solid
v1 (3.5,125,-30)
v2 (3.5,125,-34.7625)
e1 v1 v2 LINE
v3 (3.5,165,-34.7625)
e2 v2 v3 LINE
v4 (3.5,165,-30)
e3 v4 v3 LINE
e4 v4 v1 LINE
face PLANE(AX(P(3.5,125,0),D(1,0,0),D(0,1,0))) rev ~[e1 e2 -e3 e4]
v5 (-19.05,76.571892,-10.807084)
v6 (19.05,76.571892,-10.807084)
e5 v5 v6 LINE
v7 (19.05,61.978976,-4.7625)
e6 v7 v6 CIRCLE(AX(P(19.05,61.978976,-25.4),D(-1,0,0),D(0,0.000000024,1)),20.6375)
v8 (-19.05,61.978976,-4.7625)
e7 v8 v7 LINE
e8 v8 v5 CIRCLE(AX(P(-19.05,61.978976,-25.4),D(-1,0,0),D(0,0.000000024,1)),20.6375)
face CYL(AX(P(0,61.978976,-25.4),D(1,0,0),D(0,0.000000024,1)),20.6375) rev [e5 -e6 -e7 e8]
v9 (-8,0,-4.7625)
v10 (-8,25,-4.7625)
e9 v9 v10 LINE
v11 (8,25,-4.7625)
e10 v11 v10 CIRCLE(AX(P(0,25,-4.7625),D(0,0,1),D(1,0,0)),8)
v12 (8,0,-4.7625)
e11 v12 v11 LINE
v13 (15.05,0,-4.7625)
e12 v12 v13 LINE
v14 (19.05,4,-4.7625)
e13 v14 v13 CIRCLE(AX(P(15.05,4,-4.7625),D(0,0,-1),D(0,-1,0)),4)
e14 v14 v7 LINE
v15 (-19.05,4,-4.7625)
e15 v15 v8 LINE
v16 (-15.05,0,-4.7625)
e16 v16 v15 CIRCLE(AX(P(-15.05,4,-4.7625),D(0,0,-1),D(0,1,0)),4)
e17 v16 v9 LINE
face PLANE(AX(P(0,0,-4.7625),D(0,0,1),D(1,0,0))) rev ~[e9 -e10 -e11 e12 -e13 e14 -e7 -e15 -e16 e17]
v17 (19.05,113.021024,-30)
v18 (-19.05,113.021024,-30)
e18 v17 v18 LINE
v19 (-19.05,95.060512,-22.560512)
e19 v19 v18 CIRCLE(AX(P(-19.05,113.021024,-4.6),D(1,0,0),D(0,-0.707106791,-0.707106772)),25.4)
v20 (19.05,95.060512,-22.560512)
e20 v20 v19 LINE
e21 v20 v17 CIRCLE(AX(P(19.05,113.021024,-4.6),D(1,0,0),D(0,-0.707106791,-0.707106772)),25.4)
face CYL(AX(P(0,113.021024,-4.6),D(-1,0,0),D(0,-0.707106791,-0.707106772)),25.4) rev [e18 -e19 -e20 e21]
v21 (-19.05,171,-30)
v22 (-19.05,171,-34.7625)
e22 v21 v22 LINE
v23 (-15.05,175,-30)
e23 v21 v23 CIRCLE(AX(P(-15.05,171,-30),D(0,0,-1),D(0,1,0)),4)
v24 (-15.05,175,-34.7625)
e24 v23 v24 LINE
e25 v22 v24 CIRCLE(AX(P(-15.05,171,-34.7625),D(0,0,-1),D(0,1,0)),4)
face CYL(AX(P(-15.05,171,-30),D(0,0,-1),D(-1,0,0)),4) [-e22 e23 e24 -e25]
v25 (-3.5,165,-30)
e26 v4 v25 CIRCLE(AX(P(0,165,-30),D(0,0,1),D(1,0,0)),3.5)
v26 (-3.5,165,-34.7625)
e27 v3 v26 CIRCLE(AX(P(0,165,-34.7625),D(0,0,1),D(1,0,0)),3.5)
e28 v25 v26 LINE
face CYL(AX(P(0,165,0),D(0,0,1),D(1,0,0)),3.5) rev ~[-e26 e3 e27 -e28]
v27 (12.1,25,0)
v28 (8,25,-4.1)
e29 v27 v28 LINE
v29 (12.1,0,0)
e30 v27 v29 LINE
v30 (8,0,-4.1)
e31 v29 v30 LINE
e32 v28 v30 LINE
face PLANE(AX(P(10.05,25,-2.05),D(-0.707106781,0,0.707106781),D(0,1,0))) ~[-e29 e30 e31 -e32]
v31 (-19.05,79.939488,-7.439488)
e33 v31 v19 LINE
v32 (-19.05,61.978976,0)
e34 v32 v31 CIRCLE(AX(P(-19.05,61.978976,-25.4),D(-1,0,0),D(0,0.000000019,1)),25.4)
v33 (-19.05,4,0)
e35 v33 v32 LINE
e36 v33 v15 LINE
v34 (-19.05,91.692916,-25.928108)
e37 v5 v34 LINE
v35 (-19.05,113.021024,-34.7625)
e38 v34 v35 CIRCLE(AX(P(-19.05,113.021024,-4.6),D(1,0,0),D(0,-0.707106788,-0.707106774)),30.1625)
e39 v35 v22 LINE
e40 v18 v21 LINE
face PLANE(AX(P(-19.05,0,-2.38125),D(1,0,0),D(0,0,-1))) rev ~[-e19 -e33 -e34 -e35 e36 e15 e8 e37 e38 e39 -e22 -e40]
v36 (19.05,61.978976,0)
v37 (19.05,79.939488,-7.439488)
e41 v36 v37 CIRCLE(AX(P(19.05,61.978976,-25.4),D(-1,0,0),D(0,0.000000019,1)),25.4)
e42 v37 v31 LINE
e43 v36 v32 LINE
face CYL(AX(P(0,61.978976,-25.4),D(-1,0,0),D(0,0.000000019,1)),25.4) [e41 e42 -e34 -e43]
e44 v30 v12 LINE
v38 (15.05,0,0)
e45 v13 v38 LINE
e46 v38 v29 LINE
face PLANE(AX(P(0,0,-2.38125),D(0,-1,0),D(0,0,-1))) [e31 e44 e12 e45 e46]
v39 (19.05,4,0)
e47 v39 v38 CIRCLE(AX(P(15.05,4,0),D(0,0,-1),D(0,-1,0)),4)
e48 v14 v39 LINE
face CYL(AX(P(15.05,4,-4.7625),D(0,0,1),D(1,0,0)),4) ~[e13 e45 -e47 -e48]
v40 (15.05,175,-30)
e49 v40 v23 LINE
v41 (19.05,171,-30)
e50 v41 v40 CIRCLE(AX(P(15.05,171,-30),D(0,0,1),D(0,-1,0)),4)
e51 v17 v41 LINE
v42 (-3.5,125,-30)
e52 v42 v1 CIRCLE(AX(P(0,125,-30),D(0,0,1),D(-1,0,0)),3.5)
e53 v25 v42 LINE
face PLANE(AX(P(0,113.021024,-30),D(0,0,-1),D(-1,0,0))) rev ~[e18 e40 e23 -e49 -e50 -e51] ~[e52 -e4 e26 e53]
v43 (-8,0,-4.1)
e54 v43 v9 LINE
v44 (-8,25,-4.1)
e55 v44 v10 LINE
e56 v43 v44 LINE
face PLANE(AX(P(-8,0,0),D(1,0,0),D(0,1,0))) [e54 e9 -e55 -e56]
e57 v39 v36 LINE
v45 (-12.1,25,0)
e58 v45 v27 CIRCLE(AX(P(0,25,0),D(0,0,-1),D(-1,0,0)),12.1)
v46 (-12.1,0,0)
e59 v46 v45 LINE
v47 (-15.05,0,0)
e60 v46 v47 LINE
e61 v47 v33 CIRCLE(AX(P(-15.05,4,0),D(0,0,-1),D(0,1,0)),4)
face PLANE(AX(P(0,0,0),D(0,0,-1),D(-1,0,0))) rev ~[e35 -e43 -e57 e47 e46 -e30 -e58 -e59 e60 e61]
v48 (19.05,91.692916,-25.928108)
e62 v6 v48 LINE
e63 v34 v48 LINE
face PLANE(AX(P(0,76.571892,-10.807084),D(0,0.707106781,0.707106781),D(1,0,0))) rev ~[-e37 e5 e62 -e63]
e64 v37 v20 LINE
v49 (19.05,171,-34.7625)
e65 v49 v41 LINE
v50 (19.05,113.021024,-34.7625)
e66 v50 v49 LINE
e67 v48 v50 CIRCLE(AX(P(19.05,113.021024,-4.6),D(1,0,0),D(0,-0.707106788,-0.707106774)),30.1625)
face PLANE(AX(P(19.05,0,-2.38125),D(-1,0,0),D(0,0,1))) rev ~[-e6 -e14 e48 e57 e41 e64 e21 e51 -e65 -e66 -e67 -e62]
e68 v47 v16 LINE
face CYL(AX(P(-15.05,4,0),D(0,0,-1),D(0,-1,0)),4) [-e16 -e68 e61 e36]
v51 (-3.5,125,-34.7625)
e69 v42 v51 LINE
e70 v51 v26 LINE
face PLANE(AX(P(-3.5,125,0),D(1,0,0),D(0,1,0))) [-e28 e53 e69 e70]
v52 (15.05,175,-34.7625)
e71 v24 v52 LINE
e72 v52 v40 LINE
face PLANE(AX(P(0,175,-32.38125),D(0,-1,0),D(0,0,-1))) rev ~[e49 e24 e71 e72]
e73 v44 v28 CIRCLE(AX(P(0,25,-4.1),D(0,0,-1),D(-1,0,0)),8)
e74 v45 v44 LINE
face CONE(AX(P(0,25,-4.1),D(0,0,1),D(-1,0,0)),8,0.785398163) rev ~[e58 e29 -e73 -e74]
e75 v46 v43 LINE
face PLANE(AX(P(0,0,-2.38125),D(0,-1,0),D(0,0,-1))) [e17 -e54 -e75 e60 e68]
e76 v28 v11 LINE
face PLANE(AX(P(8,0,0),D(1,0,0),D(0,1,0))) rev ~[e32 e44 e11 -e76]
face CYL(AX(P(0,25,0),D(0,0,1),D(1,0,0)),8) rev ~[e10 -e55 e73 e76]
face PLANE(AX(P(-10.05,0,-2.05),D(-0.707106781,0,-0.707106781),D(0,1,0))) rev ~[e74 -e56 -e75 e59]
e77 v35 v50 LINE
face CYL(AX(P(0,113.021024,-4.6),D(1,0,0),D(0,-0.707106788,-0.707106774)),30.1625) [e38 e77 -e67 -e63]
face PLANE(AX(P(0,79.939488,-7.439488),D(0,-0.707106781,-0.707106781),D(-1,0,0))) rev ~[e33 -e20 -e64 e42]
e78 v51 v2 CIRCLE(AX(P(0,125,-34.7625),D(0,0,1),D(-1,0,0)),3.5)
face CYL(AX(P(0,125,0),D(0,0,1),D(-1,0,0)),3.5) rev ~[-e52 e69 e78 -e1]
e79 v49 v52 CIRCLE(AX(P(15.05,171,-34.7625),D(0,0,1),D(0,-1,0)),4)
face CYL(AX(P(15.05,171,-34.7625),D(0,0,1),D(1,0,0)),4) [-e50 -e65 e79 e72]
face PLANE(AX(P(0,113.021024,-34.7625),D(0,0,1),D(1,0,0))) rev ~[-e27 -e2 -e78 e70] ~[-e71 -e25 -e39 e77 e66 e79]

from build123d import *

# Parameters (mm, degrees)
SKETCH003_W     = 38.1
SKETCH003_H     = 4.7625
POCKET007_DEPTH = 34.7635
CHAMFER_SIZE    = 4.1
POCKET008_DEPTH = 34.7635
FILLET_R        = 4


with BuildPart() as part:
    # AdditivePipe: sweep along a path in Sketch015
    with BuildLine(Plane.YZ) as additivepipe_path:
        Line((0, 0), (61.978976, 0))
        ThreePointArc((61.978976, 0), (71.699135, -1.93346), (79.939488, -7.439488))
        Line((79.939488, -7.439488), (95.060512, -22.560512))
        ThreePointArc((95.060512, -22.560512), (103.300865, -28.06654), (113.021024, -30))
        Line((113.021024, -30), (175, -30))
    # Sketch003 → AdditivePipe (sweep)
    with BuildSketch(Plane.XZ):
        with Locations((0, -2.38125)):
            Rectangle(SKETCH003_W, SKETCH003_H)
    sweep(path=additivepipe_path.line, is_frenet=True)

    # Sketch016 → Pocket007 (cut, through all)
    with BuildSketch(Plane.XY):
        with BuildLine():
            ThreePointArc((-8, 0), (0, -8), (8, 0))
            Line((8, 0), (8, 25))
            ThreePointArc((8, 25), (0, 33), (-8, 25))
            Line((-8, 0), (-8, 25))
        make_face()
    extrude(amount=-POCKET007_DEPTH, mode=Mode.SUBTRACT)

    # Chamfer
    chamfer_edges = [part.edges().sort_by_distance(p)[0] for p in [
        (-8, 12.5, 0),
        (0, 33, 0),
        (8, 12.5, 0),
    ]]
    chamfer(chamfer_edges, length=CHAMFER_SIZE)

    # Sketch017 → Pocket008 (cut, through all)
    with BuildSketch(Plane.XY):
        with BuildLine():
            ThreePointArc((-3.5, 125), (0, 121.5), (3.5, 125))
            Line((3.5, 125), (3.5, 165))
            ThreePointArc((3.5, 165), (0, 168.5), (-3.5, 165))
            Line((-3.5, 125), (-3.5, 165))
        make_face()
    extrude(amount=-POCKET008_DEPTH, mode=Mode.SUBTRACT)

    # Fillet
    fillet_edges = [part.edges().sort_by_distance(p)[0] for p in [
        (-19.05, 0, -2.38125),
        (19.05, 0, -2.38125),
        (-19.05, 175, -32.38125),
        (19.05, 175, -32.38125),
    ]]
    fillet(fillet_edges, radius=FILLET_R)


solid = part.part
